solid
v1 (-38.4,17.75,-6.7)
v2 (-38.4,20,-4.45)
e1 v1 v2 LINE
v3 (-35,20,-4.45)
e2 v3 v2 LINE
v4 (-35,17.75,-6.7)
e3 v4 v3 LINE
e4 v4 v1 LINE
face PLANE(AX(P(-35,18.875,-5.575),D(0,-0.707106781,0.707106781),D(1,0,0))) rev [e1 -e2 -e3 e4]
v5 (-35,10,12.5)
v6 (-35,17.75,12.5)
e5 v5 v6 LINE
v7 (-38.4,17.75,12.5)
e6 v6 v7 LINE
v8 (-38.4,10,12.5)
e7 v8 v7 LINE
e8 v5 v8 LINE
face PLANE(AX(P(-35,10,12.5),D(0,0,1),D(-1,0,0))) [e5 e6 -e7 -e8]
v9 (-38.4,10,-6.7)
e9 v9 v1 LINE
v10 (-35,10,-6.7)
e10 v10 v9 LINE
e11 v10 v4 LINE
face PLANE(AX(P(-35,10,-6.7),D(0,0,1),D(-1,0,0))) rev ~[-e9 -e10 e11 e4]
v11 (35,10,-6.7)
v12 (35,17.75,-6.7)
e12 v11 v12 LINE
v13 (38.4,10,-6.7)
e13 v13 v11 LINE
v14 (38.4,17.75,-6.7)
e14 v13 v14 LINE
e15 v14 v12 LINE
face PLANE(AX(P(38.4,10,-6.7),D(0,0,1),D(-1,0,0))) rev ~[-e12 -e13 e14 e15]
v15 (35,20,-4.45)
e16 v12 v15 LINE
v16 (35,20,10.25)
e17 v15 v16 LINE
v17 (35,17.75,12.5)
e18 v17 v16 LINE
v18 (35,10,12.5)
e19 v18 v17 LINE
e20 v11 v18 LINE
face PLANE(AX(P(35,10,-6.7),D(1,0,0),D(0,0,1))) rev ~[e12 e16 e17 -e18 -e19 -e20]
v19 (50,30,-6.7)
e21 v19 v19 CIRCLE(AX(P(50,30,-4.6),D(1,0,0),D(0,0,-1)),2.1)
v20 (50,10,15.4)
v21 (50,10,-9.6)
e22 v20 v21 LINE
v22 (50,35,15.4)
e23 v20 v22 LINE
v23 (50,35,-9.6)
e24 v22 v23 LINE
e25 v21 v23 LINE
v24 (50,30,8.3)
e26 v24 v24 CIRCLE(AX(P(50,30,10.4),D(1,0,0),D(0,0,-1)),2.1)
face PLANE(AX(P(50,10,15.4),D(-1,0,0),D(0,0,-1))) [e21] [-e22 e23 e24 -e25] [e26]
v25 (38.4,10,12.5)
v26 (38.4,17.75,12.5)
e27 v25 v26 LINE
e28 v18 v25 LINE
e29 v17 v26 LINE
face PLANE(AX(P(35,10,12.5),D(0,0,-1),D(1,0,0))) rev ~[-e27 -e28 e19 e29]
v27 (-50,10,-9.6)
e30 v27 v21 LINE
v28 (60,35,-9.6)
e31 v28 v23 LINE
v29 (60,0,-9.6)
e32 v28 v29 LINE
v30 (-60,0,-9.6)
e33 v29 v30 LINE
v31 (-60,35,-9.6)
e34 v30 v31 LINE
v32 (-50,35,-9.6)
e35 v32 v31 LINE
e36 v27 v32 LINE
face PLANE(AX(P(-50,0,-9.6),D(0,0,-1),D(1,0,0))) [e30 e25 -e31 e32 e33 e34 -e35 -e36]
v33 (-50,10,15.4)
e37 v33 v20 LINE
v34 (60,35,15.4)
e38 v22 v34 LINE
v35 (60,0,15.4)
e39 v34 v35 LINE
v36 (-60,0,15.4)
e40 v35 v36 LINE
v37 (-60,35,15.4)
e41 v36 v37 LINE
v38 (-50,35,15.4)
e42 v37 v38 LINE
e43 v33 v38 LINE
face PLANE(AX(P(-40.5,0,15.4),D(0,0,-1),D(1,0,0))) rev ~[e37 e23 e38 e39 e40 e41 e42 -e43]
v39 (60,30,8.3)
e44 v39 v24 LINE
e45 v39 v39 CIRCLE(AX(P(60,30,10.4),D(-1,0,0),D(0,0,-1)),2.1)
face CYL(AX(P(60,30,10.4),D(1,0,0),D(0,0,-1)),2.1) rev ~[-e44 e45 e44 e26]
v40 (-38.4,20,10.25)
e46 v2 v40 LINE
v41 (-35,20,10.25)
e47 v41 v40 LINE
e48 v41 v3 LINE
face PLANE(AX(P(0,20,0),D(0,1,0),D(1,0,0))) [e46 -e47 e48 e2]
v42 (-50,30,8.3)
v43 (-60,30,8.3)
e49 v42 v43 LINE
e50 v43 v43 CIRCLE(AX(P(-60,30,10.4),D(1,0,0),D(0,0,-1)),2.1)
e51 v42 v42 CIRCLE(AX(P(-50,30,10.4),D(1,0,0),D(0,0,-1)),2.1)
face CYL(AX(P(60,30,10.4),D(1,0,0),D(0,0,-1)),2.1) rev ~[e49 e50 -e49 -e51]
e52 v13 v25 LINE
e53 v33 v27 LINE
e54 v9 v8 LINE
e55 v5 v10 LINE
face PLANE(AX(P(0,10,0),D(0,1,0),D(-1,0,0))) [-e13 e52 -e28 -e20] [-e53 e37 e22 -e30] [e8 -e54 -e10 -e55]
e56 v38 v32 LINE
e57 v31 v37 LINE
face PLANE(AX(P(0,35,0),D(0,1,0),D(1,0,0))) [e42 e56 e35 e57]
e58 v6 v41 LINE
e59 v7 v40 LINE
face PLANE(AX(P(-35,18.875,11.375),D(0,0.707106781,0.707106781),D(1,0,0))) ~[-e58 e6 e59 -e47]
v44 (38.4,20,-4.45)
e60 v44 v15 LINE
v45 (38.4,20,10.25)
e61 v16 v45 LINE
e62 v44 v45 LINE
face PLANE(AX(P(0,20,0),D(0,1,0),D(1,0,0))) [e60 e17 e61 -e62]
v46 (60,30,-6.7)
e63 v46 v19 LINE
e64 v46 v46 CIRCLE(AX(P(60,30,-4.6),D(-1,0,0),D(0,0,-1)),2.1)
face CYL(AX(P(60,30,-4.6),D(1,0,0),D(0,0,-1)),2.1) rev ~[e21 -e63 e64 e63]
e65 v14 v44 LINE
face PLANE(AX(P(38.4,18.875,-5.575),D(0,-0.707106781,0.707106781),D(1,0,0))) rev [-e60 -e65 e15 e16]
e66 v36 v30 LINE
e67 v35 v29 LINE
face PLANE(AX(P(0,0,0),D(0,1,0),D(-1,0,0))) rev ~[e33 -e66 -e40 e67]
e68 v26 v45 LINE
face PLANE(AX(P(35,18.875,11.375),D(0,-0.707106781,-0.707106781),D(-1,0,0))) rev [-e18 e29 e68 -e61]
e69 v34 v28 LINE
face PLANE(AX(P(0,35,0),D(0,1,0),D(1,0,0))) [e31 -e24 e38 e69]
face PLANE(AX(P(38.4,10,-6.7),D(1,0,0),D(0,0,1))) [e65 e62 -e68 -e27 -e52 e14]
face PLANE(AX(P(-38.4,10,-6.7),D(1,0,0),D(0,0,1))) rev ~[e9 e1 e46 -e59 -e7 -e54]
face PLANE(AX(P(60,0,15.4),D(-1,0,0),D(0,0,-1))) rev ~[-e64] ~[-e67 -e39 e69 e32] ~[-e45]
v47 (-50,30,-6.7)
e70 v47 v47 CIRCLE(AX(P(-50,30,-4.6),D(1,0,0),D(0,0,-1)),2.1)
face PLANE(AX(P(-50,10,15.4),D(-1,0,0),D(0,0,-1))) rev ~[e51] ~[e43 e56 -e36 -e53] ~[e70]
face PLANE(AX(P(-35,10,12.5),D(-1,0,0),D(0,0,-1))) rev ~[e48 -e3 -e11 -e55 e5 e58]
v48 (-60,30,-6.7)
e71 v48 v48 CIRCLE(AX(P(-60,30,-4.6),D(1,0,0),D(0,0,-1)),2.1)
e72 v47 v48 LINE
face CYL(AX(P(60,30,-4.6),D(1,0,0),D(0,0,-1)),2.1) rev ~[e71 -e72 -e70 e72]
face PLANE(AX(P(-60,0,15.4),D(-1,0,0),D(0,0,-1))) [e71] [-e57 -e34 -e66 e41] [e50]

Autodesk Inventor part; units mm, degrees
ref_plane "YZ Plane" through (0, 0, 0) normal (1, 0, 0) x (0, 1, 0)
ref_plane "XZ Plane" through (0, 0, 0) normal (0, 1, 0) x (-1, 0, 0)
ref_plane "XY Plane" through (0, 0, 0) normal (0, 0, 1) x (1, 0, 0)
sketch "Эскиз1" plane through (0, 0, 0) normal (0, 1, 0) x (-1, 0, 0)
  line L0 (50, 15.4) -> (40.5, 15.4)
  line L1 (50, 15.4) -> (-50, 15.4)
  line L2 (-50, -9.6) -> (-50, 15.4)
  line L3 (50, -9.6) -> (40.5, -9.6)
  line L4 (50, -9.6) -> (-50, -9.6)
  line L5 (50, 15.4) -> (-50, 15.4)
  line L6 (-50, 15.4) -> (-50, -9.6)
  line L7 (-50, -9.6) -> (50, -9.6)
  line L8 (50, -9.6) -> (50, 15.4)
  line L9 (38.4, 12.5) -> (38.4, -6.7)
  line L10 (38.4, 12.5) -> (35, 12.5)
  line L11 (35, 12.5) -> (35, -6.7)
  line L12 (35, -6.7) -> (38.4, -6.7)
  line L13 (38.4, -6.7) -> (38.4, 12.5)
  line L14 (-35, -9.6) -> (-35, 15.4)
  line L15 (-35, -9.6) -> (-38.4, -9.6)
  line L16 (-35, 15.4) -> (-38.4, 15.4)
  line L17 (-38.4, 15.4) -> (-38.4, -9.6)
  line L18 (-38.4, -9.6) -> (-35, -9.6)
  line L19 (-35, -9.6) -> (-35, 15.4)
  line L20 (50, 15.4) -> (60, 15.4)
  line L21 (60, 15.4) -> (60, -9.6)
  line L22 (60, -9.6) -> (50, -9.6)
  line L23 (50, -9.6) -> (50, 15.4)
  line L24 (-50, 15.4) -> (-60, 15.4)
  line L25 (-60, 15.4) -> (-60, -9.6)
  line L26 (-60, -9.6) -> (-50, -9.6)
  line L27 (-50, -9.6) -> (-50, 15.4)
  line L28 (-35, -6.7) -> (-38.4, -6.7)
  line L29 (-35, 12.5) -> (-38.4, 12.5)
  point P0 (0, 0)
  point P1 (0, 0)
  point P2 (50, 15.4)
  dimension "d10" = 25
  dimension "d1" = 10
  dimension "d2" = 10
  dimension "d9" = 25
  dimension "d11" = 2.9
  dimension "d12" = 25
  dimension "d13" = 2.9
  dimension "d15" = 2.9
extrude "Выдавливание1" add sketch "Эскиз1" along normal blind 10 contours L8 L3 L4 L14 L1 L0 | L20 L21 L22 L8 | L14 L29 L17 L1 | L17 L4 L2 L1 | L14 L28 L17 L29 | L4 L17 L28 L14 | L2 L26 L25 L24 | L9 L12 L11 L10
sketch "Эскиз2" plane through (0, 10, 0) normal (0, 1, 0) x (1, 0, 0)
  line L0 (-60, 9.6) -> (-60, -15.4) projected
  line L1 (60, 9.6) -> (-60, 9.6) projected
  line L2 (-60, -15.4) -> (60, -15.4)
  line L3 (60, -15.4) -> (60, 9.6)
  line L4 (60, 9.6) -> (-60, 9.6)
  line L5 (-60, 9.6) -> (-60, -15.4)
  line L6 (60, -15.4) -> (60, 9.6) projected
  line L7 (60, -15.4) -> (50, -15.4)
  line L8 (50, -15.4) -> (50, 9.6)
  line L9 (50, 9.6) -> (60, 9.6)
  line L10 (60, 9.6) -> (60, -15.4)
  line L11 (-60, -15.4) -> (60, -15.4) projected
  line L12 (-60, -15.4) -> (-50, -15.4)
  line L13 (-50, -15.4) -> (-50, 9.6)
  line L14 (-50, 9.6) -> (-60, 9.6)
  line L15 (-60, 9.6) -> (-60, -15.4)
  dimension "d16" = 10
  dimension "d17" = 10
extrude "Выдавливание2" add sketch "Эскиз2" along normal blind 25 contours L1 L13 L2 L0 | L1 L3 L2 L8
sketch "Эскиз3" plane through (60, 0, 15.4) normal (1, 0, 0) x (0, 0, -1)
  line L0 (0, 25) -> (0, 35)
  line L1 (0, 30) -> (25, 30)
  line L2 (25, 25) -> (25, 35)
  circle A0 centre (5, 30) radius 2.1
  circle A1 centre (20, 30) radius 2.1
  line L3 (0, 35) -> (25, 35) projected
  point P0 (15.4, 0)
  point P1 (50, 0)
  dimension "d18" = 4.2
  dimension "d19" = 4.2
  dimension "d20" = 5
  dimension "d21" = 5
extrude "Выдавливание3" cut sketch "Эскиз3" against normal blind 127.5 contours A0 L1 | L1 A0 | A1 L1 | L1 A1
sketch "Эскиз4" plane through (0, 10, 0) normal (0, 1, 0) x (1, 0, 0)
  line L0 (50, 9.6) -> (40.5, 9.6)
  line L1 (50, 9.6) -> (-50, 9.6)
  line L2 (-50, -15.4) -> (-50, 9.6)
  line L3 (50, -15.4) -> (40.5, -15.4)
  line L4 (50, -15.4) -> (-50, -15.4)
  line L5 (50, 9.6) -> (-50, 9.6)
  line L6 (-50, 9.6) -> (-50, -15.4)
  line L7 (-50, -15.4) -> (50, -15.4)
  line L8 (50, -15.4) -> (50, 9.6)
  line L9 (38.4, 6.7) -> (38.4, -12.5)
  line L10 (38.4, 6.7) -> (35, 6.7)
  line L11 (35, 6.7) -> (35, -12.5)
  line L12 (35, -12.5) -> (38.4, -12.5)
  line L13 (38.4, -12.5) -> (38.4, 6.7)
  line L14 (-35, -15.4) -> (-35, 9.6)
  line L15 (-35, -15.4) -> (-38.4, -15.4)
  line L16 (-35, 9.6) -> (-38.4, 9.6)
  line L17 (-38.4, 9.6) -> (-38.4, -15.4)
  line L18 (-38.4, -15.4) -> (-35, -15.4)
  line L19 (-35, -15.4) -> (-35, 9.6)
  line L20 (50, 9.6) -> (60, 9.6)
  line L21 (60, 9.6) -> (60, -15.4)
  line L22 (60, -15.4) -> (50, -15.4)
  line L23 (50, -15.4) -> (50, 9.6)
  line L24 (-50, 9.6) -> (-60, 9.6)
  line L25 (-60, 9.6) -> (-60, -15.4)
  line L26 (-60, -15.4) -> (-50, -15.4)
  line L27 (-50, -15.4) -> (-50, 9.6)
  line L28 (-35, -12.5) -> (-38.4, -12.5)
  line L29 (-35, 6.7) -> (-38.4, 6.7)
  point P0 (0, 0)
  point P1 (0, 0)
  point P2 (0, 0)
  point P3 (50, 9.6)
  dimension "d27" = 25
  dimension "d24" = 10
  dimension "d25" = 10
  dimension "d26" = 25
  dimension "d28" = 2.9
  dimension "d29" = 25
  dimension "d30" = 2.9
  dimension "d31" = 2.9
extrude "Выдавливание4" add sketch "Эскиз4" along normal blind 10 contours L14 L28 L17 L29 | L9 L12 L11 L10
chamfer "Фаска1" distance 2.25 angle 45 4 edges at (-36.7, 20, 12.5) (-36.7, 20, -6.7) (36.7, 20, 12.5) (36.7, 20, -6.7)
equation "\"d19\" = d18"
equation "\"d20\" = d21"
properties part number "000.201 - Балка несущая"
